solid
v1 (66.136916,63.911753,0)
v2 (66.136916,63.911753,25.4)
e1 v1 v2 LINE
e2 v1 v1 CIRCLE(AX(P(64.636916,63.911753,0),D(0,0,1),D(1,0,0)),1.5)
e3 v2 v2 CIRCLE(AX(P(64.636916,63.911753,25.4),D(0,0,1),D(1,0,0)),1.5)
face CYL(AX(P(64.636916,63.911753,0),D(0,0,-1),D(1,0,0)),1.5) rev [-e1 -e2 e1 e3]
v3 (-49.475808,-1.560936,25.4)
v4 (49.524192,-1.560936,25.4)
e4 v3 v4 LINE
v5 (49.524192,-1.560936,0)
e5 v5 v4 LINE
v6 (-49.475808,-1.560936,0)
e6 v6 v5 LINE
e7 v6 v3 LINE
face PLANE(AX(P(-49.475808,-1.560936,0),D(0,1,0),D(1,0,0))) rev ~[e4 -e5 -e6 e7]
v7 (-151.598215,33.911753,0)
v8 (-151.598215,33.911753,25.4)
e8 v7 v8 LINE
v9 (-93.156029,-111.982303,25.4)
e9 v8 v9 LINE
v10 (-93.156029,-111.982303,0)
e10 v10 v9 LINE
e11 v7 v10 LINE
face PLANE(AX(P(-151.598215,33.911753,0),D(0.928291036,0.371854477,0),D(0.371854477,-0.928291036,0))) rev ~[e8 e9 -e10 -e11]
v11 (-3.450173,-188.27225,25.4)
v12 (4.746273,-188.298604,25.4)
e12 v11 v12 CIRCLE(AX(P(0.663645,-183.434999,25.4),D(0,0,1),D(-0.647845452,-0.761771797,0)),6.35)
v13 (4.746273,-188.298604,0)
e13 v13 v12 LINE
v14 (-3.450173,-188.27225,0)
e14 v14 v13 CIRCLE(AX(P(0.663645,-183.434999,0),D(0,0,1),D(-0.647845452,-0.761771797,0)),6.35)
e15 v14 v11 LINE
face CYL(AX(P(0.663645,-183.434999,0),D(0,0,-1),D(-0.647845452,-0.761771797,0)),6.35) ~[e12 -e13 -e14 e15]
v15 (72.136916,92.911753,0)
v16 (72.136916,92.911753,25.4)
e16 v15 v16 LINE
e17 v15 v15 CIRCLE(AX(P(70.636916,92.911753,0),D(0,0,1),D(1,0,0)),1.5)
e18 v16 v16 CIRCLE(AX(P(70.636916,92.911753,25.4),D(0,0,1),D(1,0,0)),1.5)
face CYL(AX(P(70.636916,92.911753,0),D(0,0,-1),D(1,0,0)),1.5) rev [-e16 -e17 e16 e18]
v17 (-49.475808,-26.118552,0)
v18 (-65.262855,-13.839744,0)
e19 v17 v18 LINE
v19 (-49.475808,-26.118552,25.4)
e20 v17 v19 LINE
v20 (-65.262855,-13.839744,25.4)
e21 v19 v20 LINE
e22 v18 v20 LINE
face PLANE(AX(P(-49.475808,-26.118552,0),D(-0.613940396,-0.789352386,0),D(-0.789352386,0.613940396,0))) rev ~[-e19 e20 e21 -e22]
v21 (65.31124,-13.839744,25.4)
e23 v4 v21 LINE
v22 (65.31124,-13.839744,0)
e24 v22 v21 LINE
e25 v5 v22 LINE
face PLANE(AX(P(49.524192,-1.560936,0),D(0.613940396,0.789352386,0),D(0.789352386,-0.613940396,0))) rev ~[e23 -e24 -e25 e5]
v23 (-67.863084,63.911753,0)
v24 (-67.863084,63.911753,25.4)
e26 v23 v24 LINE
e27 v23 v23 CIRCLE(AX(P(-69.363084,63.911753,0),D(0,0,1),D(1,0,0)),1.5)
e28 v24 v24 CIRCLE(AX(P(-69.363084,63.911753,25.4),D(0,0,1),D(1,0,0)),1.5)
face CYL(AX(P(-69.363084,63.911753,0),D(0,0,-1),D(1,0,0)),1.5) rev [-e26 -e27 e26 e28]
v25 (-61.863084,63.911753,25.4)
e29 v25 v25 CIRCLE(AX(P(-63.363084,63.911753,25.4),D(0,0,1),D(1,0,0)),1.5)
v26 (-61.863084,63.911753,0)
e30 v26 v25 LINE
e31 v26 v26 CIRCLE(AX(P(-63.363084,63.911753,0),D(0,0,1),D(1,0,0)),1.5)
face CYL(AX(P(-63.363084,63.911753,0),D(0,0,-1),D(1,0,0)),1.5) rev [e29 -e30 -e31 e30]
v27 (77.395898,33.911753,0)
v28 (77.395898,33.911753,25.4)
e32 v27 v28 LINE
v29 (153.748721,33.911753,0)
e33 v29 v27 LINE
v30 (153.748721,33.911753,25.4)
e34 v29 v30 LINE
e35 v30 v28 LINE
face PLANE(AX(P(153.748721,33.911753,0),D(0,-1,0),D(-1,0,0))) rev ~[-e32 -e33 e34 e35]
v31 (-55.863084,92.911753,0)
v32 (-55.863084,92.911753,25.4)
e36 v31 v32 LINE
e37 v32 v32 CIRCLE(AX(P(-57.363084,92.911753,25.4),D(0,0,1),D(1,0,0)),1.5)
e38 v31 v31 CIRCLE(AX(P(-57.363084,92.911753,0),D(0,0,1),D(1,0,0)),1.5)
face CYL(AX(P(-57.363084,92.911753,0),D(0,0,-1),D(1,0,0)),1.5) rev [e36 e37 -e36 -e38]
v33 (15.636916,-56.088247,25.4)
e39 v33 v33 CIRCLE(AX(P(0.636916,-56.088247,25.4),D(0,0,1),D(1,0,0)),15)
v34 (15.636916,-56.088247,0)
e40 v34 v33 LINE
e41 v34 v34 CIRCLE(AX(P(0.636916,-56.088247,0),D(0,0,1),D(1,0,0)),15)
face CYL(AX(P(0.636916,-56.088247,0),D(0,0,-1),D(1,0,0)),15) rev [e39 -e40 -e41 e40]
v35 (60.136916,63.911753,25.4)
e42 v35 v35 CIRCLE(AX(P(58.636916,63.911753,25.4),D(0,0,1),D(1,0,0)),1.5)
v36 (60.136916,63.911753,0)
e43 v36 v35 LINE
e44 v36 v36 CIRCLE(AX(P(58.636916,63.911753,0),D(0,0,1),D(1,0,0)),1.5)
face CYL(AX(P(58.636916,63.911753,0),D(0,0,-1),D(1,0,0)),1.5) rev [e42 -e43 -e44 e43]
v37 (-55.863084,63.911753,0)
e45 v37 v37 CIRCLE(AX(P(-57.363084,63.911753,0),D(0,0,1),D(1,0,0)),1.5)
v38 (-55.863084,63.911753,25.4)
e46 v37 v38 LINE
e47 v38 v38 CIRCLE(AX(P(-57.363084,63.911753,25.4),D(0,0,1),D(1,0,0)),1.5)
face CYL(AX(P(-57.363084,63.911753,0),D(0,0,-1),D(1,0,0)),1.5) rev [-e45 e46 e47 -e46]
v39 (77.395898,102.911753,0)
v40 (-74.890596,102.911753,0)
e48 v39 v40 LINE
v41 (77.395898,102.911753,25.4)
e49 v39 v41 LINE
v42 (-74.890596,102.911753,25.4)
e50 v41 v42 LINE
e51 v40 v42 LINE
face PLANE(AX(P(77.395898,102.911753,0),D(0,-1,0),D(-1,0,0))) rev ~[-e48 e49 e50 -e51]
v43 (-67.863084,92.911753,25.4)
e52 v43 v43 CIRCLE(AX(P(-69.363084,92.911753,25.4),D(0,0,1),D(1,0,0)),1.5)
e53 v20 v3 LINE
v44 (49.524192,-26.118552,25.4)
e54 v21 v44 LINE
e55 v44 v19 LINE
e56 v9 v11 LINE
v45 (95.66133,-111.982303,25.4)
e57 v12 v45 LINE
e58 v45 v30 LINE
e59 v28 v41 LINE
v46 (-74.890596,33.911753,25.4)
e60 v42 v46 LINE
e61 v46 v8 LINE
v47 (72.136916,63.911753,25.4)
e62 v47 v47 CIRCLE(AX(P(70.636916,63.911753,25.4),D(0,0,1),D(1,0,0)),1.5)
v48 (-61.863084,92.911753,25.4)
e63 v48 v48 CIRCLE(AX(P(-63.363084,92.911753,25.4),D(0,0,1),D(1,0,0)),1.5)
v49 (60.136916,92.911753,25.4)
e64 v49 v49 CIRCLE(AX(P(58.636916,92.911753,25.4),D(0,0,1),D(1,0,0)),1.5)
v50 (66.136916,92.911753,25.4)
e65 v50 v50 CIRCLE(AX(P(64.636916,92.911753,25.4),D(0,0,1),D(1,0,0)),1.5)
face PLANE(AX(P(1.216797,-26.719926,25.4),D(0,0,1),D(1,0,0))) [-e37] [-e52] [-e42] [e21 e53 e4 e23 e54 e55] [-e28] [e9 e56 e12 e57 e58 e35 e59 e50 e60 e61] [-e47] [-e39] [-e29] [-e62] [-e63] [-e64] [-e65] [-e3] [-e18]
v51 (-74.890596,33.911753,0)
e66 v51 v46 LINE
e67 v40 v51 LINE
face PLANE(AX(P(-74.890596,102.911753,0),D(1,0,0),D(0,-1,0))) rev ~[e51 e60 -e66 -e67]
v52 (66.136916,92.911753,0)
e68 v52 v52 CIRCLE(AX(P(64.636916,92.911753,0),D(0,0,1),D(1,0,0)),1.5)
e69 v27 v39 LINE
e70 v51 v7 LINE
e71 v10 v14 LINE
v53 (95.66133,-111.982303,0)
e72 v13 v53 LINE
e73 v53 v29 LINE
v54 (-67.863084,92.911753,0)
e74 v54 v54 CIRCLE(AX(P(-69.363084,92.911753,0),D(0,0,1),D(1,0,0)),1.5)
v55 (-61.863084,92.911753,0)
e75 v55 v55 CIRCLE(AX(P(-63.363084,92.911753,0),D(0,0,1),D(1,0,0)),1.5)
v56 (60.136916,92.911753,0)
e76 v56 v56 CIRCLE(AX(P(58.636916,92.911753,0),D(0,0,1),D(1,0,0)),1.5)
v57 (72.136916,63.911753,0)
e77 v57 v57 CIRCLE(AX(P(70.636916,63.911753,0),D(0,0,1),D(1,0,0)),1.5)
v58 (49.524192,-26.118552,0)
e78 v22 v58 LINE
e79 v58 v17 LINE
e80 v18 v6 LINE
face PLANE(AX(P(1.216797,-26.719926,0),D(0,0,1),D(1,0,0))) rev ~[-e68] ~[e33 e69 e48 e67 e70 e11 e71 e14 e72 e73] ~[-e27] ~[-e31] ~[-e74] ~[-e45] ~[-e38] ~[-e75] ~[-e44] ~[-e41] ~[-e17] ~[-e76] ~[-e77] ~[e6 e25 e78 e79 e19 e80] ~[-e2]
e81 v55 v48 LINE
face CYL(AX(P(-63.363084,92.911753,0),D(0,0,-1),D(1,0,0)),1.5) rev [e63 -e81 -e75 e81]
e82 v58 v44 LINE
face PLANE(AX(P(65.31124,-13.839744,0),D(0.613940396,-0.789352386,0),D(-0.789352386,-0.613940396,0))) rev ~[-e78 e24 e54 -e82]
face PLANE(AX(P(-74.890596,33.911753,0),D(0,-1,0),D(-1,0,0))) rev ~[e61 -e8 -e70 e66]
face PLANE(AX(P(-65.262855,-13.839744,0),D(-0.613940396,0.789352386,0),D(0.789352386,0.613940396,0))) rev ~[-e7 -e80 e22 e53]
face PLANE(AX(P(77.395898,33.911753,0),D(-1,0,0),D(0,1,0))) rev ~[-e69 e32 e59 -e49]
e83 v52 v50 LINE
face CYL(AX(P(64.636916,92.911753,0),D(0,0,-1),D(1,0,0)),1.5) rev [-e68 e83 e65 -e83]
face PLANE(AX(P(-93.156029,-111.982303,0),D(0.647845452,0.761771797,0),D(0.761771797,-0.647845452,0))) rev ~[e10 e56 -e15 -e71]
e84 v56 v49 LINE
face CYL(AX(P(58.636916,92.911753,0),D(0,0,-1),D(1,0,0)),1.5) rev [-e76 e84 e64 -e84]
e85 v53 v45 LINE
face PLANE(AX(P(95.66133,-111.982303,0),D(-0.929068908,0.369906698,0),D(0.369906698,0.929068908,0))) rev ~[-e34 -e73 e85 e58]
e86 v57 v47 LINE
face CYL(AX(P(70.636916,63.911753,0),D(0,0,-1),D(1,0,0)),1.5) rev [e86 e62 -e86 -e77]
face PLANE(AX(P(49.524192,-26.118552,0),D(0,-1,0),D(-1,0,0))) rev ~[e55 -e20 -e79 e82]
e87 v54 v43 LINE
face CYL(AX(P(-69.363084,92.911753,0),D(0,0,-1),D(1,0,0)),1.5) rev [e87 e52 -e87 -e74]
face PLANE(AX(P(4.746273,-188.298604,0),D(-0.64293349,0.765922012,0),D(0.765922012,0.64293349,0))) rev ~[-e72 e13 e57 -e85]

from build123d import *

# Parameters (mm, degrees)
F0_R     = 15
F0_R_2   = 1.5
F1_DEPTH = 25.4


with BuildPart() as f1:
    # F0 (on Top) → F1 (new body)
    with BuildSketch(Plane.XY):
        with BuildLine():
            Line((77.3958978424, 102.9117530549), (-74.8905959537, 102.9117530549))
            Line((-74.8905959537, 102.9117530549), (-74.8905959537, 33.9117530549))
            Line((-74.8905959537, 33.9117530549), (-93.1560286085, 25.7647309037))
            Line((-93.1560286085, 25.7647309037), (-93.1560286085, -111.9823026415))
            Line((-93.1560286085, -111.9823026415), (-3.4501732079, -188.27225021))
            ThreePointArc((-3.4501732079, -188.27225021), (0.6432284934, -189.7849664775), (4.7462730705, -188.2986040749))
            Line((4.7462730705, -188.2986040749), (95.6613304972, -111.9823026415))
            Line((95.6613304972, -111.9823026415), (95.6613304972, 25.7647309037))
            Line((95.6613304972, 25.7647309037), (77.3958978424, 33.9117530549))
            Line((77.3958978424, 33.9117530549), (77.3958978424, 102.9117530549))
        make_face()
        with Locations((0.6369164785, -56.0882469451)):
            Circle(F0_R, mode=Mode.SUBTRACT)
        Polygon((-49.4758075681, -26.1185521963), (-65.2628552972, -13.8397442737), (-49.4758075681, -1.5609363511), (49.5241924319, -1.5609363511), (65.311240161, -13.8397442737), (49.5241924319, -26.1185521963), align=None, mode=Mode.SUBTRACT)
        with Locations((-69.3630835215, 63.9117530549)):
            Circle(F0_R_2, mode=Mode.SUBTRACT)
        with Locations((-63.3630835215, 63.9117530549)):
            Circle(F0_R_2, mode=Mode.SUBTRACT)
        with Locations((-57.3630835215, 63.9117530549)):
            Circle(F0_R_2, mode=Mode.SUBTRACT)
        with Locations((-69.3630835215, 92.9117530549)):
            Circle(F0_R_2, mode=Mode.SUBTRACT)
        with Locations((-63.3630835215, 92.9117530549)):
            Circle(F0_R_2, mode=Mode.SUBTRACT)
        with Locations((-57.3630835215, 92.9117530549)):
            Circle(F0_R_2, mode=Mode.SUBTRACT)
        with Locations((58.6369164785, 63.9117530549)):
            Circle(F0_R_2, mode=Mode.SUBTRACT)
        with Locations((64.6369164785, 63.9117530549)):
            Circle(F0_R_2, mode=Mode.SUBTRACT)
        with Locations((70.6369164785, 63.9117530549)):
            Circle(F0_R_2, mode=Mode.SUBTRACT)
        with Locations((58.6369164785, 92.9117530549)):
            Circle(F0_R_2, mode=Mode.SUBTRACT)
        with Locations((64.6369164785, 92.9117530549)):
            Circle(F0_R_2, mode=Mode.SUBTRACT)
        with Locations((70.6369164785, 92.9117530549)):
            Circle(F0_R_2, mode=Mode.SUBTRACT)
        Polygon((-93.1560286085, 25.7647309037), (-74.8905959537, 33.9117530549), (-151.5982151031, 33.9117530549), (-93.1560286085, -111.9823026415), align=None)
        Polygon((153.7487208843, 33.9117530549), (77.3958978424, 33.9117530549), (95.6613304972, 25.7647309037), (95.6613304972, -111.9823026415), align=None)
    extrude(amount=F1_DEPTH)


solid = f1.part
